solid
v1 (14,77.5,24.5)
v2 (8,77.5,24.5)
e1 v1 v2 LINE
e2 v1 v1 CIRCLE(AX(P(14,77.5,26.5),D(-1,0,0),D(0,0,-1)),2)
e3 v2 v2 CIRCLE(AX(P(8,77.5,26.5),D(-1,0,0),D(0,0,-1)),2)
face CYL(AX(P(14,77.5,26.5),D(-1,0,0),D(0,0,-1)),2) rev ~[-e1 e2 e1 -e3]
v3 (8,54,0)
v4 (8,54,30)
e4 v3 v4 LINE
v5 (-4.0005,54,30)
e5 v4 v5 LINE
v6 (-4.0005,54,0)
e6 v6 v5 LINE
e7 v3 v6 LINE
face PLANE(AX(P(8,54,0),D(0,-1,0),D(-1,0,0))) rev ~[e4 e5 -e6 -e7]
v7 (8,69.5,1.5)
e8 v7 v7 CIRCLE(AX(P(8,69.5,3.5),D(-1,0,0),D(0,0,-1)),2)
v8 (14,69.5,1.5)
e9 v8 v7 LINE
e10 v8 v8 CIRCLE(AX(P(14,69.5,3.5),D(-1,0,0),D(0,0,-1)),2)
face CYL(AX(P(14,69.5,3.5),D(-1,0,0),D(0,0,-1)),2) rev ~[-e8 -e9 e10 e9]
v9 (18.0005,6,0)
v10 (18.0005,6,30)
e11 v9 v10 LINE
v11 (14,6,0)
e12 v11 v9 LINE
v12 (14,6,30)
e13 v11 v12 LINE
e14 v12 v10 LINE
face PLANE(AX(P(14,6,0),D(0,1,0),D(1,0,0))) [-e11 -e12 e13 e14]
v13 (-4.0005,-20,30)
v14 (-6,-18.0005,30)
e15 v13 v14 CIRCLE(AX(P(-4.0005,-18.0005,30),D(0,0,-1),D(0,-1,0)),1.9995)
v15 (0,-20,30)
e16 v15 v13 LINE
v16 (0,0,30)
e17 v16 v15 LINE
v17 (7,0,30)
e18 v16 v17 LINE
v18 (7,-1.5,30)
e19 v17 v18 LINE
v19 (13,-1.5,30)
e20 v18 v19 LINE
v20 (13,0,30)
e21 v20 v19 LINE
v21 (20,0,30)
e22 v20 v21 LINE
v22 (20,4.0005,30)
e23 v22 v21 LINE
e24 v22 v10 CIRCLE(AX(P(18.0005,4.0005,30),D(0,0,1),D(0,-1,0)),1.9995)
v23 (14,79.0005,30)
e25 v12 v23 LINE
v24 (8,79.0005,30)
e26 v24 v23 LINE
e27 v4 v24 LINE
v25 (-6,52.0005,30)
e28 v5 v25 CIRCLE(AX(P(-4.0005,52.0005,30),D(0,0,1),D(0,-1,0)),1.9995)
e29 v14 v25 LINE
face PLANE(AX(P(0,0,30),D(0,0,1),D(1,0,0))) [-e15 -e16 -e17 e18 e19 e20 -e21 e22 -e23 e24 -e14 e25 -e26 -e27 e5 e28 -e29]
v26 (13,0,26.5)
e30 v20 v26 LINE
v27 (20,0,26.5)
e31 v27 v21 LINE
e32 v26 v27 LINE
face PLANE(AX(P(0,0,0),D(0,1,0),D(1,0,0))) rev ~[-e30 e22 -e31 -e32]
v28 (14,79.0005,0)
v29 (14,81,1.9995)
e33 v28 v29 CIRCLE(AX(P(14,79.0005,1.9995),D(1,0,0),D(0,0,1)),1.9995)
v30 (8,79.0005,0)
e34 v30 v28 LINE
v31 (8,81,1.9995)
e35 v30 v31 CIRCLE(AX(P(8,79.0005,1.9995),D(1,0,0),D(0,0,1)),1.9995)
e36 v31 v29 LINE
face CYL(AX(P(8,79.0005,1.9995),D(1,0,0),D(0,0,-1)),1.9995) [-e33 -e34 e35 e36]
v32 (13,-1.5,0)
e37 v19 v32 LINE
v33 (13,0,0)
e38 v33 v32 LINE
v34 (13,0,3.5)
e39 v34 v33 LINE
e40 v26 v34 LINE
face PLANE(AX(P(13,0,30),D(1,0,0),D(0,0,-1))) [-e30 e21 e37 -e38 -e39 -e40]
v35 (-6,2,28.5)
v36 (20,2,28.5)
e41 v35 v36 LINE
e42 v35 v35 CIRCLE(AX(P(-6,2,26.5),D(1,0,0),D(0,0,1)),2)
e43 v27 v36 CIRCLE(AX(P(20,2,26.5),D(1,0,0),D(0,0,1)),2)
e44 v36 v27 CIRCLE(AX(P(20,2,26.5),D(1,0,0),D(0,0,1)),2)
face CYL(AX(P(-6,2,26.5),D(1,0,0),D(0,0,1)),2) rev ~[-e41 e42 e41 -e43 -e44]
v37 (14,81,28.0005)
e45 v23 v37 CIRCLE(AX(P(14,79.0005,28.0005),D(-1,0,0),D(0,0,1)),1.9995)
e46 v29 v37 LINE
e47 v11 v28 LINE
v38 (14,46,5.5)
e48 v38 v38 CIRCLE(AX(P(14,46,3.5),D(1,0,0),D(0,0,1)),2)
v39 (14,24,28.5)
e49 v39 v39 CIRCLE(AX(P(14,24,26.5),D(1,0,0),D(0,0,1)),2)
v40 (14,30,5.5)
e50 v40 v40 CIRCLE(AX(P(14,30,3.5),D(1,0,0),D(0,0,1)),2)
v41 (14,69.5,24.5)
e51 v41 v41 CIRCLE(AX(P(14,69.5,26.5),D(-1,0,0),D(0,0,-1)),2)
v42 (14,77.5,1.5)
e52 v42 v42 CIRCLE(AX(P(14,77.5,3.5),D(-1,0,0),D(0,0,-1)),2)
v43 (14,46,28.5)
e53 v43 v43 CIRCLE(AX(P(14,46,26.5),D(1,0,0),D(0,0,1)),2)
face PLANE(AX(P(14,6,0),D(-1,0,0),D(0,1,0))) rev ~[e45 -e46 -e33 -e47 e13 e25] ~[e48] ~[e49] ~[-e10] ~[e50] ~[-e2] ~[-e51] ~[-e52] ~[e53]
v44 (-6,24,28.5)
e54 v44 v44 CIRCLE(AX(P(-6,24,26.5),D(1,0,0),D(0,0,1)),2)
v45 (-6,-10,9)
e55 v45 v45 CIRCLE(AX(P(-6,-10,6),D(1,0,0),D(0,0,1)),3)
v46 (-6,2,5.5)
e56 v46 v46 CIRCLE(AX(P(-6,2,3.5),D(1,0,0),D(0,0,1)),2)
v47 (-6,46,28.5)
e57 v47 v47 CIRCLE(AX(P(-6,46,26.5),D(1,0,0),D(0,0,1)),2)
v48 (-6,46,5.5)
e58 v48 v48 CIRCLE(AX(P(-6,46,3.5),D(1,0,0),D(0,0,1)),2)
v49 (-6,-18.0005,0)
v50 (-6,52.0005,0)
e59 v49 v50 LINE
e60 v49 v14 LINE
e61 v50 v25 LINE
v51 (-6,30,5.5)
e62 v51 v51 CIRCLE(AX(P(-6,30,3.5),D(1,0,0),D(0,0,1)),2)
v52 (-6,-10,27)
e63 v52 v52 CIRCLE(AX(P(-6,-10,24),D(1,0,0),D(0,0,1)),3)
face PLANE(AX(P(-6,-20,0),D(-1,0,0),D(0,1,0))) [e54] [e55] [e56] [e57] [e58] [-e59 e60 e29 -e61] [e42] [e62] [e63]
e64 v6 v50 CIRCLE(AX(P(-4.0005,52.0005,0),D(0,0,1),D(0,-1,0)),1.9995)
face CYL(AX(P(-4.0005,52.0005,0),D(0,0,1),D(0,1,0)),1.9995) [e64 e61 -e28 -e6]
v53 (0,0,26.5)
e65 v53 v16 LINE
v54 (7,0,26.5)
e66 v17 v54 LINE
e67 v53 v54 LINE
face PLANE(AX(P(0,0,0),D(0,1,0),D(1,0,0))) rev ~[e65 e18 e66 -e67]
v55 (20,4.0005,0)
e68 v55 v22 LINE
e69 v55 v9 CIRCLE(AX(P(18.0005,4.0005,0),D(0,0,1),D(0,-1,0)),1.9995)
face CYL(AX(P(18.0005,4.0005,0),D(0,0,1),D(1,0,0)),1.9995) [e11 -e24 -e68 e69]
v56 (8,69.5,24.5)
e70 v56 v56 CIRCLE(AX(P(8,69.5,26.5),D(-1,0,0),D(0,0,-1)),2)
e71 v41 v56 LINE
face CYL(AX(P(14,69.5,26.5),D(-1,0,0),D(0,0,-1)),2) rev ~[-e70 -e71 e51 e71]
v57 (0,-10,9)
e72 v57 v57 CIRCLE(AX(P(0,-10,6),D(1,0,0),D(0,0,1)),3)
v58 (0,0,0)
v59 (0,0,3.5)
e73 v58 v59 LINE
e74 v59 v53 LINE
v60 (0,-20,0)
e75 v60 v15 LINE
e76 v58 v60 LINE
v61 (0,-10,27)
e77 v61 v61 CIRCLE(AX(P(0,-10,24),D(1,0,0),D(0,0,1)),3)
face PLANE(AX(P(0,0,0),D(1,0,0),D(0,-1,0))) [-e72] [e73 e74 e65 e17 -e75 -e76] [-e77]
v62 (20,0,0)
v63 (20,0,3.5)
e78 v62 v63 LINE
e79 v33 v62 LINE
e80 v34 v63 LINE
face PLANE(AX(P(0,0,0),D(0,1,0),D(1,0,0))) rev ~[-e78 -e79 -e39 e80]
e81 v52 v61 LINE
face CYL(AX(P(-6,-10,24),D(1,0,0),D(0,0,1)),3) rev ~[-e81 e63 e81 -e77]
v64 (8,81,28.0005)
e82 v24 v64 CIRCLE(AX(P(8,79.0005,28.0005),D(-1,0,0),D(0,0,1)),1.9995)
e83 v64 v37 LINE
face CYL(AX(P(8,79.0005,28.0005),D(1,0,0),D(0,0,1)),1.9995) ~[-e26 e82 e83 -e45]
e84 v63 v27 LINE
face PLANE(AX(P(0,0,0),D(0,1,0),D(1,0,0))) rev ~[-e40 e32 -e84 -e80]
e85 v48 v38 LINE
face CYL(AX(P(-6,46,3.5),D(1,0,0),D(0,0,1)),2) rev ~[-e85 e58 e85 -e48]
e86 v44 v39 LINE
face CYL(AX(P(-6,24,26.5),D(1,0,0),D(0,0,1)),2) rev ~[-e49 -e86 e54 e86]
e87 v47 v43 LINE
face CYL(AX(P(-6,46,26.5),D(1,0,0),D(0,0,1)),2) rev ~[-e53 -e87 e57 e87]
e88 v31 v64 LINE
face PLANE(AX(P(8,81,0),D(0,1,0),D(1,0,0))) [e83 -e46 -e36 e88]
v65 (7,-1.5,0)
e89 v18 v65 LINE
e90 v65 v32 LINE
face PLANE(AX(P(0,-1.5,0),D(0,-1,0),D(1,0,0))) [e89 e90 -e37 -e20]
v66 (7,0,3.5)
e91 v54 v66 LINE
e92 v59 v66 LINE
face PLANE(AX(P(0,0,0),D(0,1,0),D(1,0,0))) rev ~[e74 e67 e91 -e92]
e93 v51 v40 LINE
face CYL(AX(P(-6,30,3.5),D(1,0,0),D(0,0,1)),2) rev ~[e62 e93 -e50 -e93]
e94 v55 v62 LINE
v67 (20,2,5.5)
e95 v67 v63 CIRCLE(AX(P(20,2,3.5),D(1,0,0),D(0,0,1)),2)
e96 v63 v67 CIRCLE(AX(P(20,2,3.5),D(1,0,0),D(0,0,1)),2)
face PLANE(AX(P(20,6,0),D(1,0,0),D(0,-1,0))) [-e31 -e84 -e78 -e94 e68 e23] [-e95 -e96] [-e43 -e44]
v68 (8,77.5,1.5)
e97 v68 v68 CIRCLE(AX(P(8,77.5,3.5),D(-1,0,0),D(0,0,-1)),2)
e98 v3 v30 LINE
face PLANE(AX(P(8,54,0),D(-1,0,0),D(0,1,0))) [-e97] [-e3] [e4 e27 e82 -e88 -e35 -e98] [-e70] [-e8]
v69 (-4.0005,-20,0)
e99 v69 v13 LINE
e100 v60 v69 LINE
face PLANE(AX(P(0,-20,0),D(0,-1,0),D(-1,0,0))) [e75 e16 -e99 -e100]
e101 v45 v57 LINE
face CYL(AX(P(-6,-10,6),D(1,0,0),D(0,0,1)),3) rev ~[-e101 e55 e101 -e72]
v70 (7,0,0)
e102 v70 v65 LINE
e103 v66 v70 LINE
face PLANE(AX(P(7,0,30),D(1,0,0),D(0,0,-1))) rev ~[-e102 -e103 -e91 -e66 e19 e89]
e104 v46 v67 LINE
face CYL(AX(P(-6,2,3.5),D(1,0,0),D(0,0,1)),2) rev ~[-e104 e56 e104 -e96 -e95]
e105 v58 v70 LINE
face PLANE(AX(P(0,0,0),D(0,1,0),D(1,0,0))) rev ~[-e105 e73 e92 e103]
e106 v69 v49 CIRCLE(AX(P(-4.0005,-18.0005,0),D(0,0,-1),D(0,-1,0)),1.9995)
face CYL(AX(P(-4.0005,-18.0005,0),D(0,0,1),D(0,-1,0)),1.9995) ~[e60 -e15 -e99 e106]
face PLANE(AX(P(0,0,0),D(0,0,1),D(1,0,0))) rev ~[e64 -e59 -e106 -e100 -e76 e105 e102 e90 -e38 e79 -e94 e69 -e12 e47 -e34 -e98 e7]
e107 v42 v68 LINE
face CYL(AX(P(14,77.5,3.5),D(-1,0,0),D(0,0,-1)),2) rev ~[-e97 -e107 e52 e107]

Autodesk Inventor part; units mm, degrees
ref_plane "YZ Plane" through (0, 0, 0) normal (1, 0, 0) x (0, 1, 0)
ref_plane "XZ Plane" through (0, 0, 0) normal (0, 1, 0) x (-1, 0, 0)
ref_plane "XY Plane" through (0, 0, 0) normal (0, 0, 1) x (1, 0, 0)
sketch "Sketch1" plane through (0, 0, 0) normal (0, 0, 1) x (1, 0, 0)
  line L0 (0, 0) -> (20, 0)
  line L1 (0, 0) -> (0, -20)
  line L2 (14, 6) -> (20, 6)
  line L3 (0, -20) -> (-6, -20)
  line L4 (20, 6) -> (20, 0)
  line L5 (-6, -20) -> (-6, 54)
  line L6 (14, 6) -> (14, 81)
  line L7 (8, 54) -> (8, 81)
  line L8 (8, 81) -> (14, 81)
  line L9 (8, 54) -> (-6, 54)
  dimension "d1" = 20
  dimension "d3" = 20
  dimension "d7" = 20
  dimension "d8" = 14
  dimension "d9" = 27
  dimension "d46" = 54
extrude "Extrusion1" add sketch "Sketch1" along normal blind 30
sketch "Sketch2" plane through (14, 6, 0) normal (1, 0, 0) x (0, 0, -1)
  line L0 (0, 75) -> (-30, 75) projected
  line L1 (-15, 75) -> (-15, 48)
  line L2 (0, 48) -> (-30, 48) projected
  line L3 (-30, 0) -> (-30, 75) projected
  line L4 (0, 0) -> (0, 75) projected
  line L5 (-30, 67.5) -> (0, 67.5)
  point P0 (0, -6)
  point P1 (-26.5, 71.5)
  point P2 (-3.5, 71.5)
  point P3 (-26.5, 63.5)
  point P4 (-3.5, 63.5)
  dimension "d12" = 3.5
  dimension "d13" = 3.5
hole "Hole1" at (14, 77.5, 26.5) at (14, 77.5, 3.5) at (14, 69.5, 26.5) at (14, 69.5, 3.5) direction (-1, 0, 0) diameter 4 end through all
sketch "Sketch3" plane through (0, 0, 0) normal (0, -1, 0) x (1, 0, 0)
  line L0 (0, 30) -> (20, 30) projected
  line L1 (0, 0) -> (20, 0) projected
  line L2 (13, 30) -> (13, 0)
  line L3 (7, 30) -> (7, 0)
  line L4 (13, 0) -> (7, 0)
  line L5 (7, 30) -> (13, 30)
extrude "Extrusion2" add sketch "Sketch3" along normal blind 1.5
sketch "Sketch5" plane through (-6, -20, 0) normal (-1, 0, 0) x (0, 0, 1)
  line L0 (0, 74) -> (30, 74) projected
  line L1 (15, 74) -> (15, 0)
  line L2 (0, 0) -> (30, 0) projected
  line L3 (0, 74) -> (0, 0) projected
  line L4 (15, 44) -> (30, 44)
  line L5 (30, 26) -> (30, 101) projected
  point P0 (0, 20)
  point P1 (3.5, 66)
  point P2 (26.5, 66)
  point P3 (3.5, 22)
  point P4 (26.5, 22)
  point P5 (3.5, 50)
  point P6 (26.5, 44)
  dimension "d26" = 8
  dimension "d27" = 3.5
  dimension "d28" = 30
hole "Hole2" at (-6, 46, 3.5) at (-6, 46, 26.5) at (-6, 2, 3.5) at (-6, 2, 26.5) at (-6, 30, 3.5) at (-6, 24, 26.5) direction (1, 0, 0) diameter 4 end through all
sketch "Sketch6" plane through (-6, -20, 0) normal (-1, 0, 0) x (0, 0, 1)
  line L0 (0, 0) -> (30, 0) projected
  line L1 (0, 74) -> (0, 0) projected
  line L2 (15, 0) -> (15, 31.0805)
  point P0 (0, 20)
  point P1 (6, 10)
  point P2 (24, 10)
  dimension "d36" = 10
  dimension "d37" = 6
hole "Hole3" at (-6, -10, 6) at (-6, -10, 24) direction (1, 0, 0) diameter 6 end through all
fillet "Fillet2" radius 2 5 edges at (-6, -20, 15) (20, 6, 15) (-6, 54, 15) (11, 81, 30) (11, 81, 0)
properties part number "Esteira - estrutura"
